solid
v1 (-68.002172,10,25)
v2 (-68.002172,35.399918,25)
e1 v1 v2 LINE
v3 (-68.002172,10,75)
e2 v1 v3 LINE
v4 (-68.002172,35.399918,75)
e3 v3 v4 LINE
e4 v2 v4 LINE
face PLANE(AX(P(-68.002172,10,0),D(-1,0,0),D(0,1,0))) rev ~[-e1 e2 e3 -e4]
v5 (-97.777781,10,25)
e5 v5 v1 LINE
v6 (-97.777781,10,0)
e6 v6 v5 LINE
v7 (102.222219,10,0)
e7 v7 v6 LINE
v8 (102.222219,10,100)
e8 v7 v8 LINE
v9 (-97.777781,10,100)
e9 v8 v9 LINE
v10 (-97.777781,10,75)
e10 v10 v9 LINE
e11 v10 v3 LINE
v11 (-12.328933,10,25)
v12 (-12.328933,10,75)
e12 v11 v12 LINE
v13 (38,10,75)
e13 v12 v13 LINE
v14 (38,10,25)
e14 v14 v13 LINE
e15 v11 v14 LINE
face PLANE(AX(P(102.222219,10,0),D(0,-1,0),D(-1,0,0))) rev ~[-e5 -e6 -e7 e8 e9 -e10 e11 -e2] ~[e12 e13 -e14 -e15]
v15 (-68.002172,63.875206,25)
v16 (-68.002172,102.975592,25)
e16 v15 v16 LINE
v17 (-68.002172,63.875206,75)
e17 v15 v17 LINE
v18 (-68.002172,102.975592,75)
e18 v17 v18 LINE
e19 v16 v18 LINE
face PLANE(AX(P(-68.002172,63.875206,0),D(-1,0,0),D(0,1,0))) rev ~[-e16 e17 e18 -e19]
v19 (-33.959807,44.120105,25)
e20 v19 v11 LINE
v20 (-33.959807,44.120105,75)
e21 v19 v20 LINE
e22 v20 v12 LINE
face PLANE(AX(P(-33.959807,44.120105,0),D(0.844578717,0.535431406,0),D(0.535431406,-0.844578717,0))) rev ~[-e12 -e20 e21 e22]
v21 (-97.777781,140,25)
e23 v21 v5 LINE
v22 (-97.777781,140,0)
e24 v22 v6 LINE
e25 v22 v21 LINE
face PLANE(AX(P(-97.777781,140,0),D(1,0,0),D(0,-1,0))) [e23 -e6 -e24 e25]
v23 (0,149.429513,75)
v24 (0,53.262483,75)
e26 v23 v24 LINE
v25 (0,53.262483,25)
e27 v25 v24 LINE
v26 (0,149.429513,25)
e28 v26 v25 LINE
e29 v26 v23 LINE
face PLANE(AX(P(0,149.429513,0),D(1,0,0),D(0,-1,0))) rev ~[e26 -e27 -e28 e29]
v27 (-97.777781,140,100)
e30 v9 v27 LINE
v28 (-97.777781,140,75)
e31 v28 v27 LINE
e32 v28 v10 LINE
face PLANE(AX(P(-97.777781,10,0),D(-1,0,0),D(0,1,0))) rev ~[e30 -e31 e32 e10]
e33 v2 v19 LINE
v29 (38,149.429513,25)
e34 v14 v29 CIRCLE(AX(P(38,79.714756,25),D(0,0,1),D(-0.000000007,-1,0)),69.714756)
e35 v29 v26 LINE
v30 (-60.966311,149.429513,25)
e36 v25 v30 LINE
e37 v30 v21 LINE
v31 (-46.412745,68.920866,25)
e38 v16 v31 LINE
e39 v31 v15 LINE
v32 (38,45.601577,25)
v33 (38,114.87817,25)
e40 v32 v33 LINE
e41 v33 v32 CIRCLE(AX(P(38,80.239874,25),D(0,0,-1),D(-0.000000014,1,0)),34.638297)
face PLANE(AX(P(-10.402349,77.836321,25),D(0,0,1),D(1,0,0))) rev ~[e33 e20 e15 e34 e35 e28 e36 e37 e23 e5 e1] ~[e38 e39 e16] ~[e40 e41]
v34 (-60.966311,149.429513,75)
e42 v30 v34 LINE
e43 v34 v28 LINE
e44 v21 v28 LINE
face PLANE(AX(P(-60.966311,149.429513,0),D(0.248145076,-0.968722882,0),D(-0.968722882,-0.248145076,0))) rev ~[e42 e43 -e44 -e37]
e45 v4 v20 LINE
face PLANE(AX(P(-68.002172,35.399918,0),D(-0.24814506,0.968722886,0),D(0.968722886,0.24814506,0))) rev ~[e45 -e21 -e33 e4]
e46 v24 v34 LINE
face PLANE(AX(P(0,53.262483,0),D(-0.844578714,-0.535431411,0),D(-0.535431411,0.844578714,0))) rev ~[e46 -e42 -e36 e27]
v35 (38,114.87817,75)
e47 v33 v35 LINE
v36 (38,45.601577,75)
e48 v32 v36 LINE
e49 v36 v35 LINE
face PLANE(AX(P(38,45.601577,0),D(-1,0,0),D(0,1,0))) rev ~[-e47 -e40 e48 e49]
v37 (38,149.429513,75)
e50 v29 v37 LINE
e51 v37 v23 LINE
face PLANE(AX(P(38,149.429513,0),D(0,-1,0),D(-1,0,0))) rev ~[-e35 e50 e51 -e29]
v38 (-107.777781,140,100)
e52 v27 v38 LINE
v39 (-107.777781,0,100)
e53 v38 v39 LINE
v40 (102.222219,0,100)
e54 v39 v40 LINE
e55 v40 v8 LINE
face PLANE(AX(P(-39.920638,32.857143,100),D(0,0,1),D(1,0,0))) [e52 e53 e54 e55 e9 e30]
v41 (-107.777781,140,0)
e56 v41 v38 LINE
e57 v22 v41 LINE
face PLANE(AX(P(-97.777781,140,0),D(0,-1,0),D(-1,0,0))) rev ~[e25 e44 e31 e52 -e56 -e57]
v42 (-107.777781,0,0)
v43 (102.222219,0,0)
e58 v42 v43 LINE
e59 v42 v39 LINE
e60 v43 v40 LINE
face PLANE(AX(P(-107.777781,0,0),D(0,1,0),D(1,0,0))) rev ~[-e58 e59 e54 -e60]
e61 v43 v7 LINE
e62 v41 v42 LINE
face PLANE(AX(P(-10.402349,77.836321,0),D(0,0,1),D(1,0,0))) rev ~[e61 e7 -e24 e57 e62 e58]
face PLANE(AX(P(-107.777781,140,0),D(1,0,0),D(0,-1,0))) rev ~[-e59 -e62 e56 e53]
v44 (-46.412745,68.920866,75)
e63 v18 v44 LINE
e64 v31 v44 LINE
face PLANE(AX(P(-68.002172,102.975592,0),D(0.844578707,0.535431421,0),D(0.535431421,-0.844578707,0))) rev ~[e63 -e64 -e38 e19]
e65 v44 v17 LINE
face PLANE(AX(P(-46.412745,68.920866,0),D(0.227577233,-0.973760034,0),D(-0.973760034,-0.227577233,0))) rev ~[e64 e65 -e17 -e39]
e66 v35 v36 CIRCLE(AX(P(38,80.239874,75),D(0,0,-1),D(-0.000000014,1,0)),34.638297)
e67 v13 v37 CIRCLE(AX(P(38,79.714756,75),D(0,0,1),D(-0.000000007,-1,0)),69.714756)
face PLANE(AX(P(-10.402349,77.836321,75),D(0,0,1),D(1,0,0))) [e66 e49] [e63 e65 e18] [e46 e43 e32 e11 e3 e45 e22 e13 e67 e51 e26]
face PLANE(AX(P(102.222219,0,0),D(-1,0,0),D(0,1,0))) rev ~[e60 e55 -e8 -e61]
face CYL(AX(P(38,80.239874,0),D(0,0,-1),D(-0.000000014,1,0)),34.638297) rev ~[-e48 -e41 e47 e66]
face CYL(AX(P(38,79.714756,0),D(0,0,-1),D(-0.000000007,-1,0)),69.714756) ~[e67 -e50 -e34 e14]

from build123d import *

# Parameters (mm, degrees)
F1_DEPTH = 100
F2_DEPTH = 75
F3_DEPTH = 25


with BuildPart() as f1:
    # F0 (on Top) → F1 (new body)
    with BuildSketch(Plane.XY):
        Polygon((-107.777781, 0), (-97.777781, 0), (102.222219, 0), (102.222219, 10), (38, 10), (-12.328933, 10), (-68.002172, 10), (-97.777781, 10), (-97.777781, 140), (-107.777781, 140), align=None)
    extrude(amount=F1_DEPTH)

    # F0 (on Top) → F2 (join)
    with BuildSketch(Plane.XY):
        with BuildLine():
            Line((-12.328933, 10), (38, 10))
            ThreePointArc((38, 10), (107.714757, 79.714757), (38, 149.429513))
            Line((38, 149.429513), (0, 149.429513))
            Line((0, 149.429513), (0, 53.262483))
            Line((0, 53.262483), (-60.966311, 149.429513))
            Line((-60.966311, 149.429513), (-97.777781, 140))
            Line((-97.777781, 140), (-97.777781, 10))
            Line((-97.777781, 10), (-68.002172, 10))
            Line((-68.002172, 10), (-68.002172, 35.399918))
            Line((-68.002172, 35.399918), (-33.959807, 44.120105))
            Line((-33.959807, 44.120105), (-12.328933, 10))
        make_face()
        Polygon((-46.412745, 68.920866), (-68.002172, 63.875206), (-68.002172, 102.975592), align=None, mode=Mode.SUBTRACT)
        with BuildLine():
            Line((38, 45.601577), (38, 114.87817))
            ThreePointArc((38, 114.87817), (72.638297, 80.239873), (38, 45.601577))
        make_face(mode=Mode.SUBTRACT)
    extrude(amount=F2_DEPTH)

    # F0 (on Top) → F3 (cut)
    with BuildSketch(Plane.XY):
        with BuildLine():
            Line((-12.328933, 10), (38, 10))
            ThreePointArc((38, 10), (107.714757, 79.714757), (38, 149.429513))
            Line((38, 149.429513), (0, 149.429513))
            Line((0, 149.429513), (0, 53.262483))
            Line((0, 53.262483), (-60.966311, 149.429513))
            Line((-60.966311, 149.429513), (-97.777781, 140))
            Line((-97.777781, 140), (-97.777781, 10))
            Line((-97.777781, 10), (-68.002172, 10))
            Line((-68.002172, 10), (-68.002172, 35.399918))
            Line((-68.002172, 35.399918), (-33.959807, 44.120105))
            Line((-33.959807, 44.120105), (-12.328933, 10))
        make_face()
        Polygon((-46.412745, 68.920866), (-68.002172, 63.875206), (-68.002172, 102.975592), align=None, mode=Mode.SUBTRACT)
        with BuildLine():
            Line((38, 45.601577), (38, 114.87817))
            ThreePointArc((38, 114.87817), (72.638297, 80.239873), (38, 45.601577))
        make_face(mode=Mode.SUBTRACT)
    extrude(amount=F3_DEPTH, mode=Mode.SUBTRACT)


solid = f1.part
